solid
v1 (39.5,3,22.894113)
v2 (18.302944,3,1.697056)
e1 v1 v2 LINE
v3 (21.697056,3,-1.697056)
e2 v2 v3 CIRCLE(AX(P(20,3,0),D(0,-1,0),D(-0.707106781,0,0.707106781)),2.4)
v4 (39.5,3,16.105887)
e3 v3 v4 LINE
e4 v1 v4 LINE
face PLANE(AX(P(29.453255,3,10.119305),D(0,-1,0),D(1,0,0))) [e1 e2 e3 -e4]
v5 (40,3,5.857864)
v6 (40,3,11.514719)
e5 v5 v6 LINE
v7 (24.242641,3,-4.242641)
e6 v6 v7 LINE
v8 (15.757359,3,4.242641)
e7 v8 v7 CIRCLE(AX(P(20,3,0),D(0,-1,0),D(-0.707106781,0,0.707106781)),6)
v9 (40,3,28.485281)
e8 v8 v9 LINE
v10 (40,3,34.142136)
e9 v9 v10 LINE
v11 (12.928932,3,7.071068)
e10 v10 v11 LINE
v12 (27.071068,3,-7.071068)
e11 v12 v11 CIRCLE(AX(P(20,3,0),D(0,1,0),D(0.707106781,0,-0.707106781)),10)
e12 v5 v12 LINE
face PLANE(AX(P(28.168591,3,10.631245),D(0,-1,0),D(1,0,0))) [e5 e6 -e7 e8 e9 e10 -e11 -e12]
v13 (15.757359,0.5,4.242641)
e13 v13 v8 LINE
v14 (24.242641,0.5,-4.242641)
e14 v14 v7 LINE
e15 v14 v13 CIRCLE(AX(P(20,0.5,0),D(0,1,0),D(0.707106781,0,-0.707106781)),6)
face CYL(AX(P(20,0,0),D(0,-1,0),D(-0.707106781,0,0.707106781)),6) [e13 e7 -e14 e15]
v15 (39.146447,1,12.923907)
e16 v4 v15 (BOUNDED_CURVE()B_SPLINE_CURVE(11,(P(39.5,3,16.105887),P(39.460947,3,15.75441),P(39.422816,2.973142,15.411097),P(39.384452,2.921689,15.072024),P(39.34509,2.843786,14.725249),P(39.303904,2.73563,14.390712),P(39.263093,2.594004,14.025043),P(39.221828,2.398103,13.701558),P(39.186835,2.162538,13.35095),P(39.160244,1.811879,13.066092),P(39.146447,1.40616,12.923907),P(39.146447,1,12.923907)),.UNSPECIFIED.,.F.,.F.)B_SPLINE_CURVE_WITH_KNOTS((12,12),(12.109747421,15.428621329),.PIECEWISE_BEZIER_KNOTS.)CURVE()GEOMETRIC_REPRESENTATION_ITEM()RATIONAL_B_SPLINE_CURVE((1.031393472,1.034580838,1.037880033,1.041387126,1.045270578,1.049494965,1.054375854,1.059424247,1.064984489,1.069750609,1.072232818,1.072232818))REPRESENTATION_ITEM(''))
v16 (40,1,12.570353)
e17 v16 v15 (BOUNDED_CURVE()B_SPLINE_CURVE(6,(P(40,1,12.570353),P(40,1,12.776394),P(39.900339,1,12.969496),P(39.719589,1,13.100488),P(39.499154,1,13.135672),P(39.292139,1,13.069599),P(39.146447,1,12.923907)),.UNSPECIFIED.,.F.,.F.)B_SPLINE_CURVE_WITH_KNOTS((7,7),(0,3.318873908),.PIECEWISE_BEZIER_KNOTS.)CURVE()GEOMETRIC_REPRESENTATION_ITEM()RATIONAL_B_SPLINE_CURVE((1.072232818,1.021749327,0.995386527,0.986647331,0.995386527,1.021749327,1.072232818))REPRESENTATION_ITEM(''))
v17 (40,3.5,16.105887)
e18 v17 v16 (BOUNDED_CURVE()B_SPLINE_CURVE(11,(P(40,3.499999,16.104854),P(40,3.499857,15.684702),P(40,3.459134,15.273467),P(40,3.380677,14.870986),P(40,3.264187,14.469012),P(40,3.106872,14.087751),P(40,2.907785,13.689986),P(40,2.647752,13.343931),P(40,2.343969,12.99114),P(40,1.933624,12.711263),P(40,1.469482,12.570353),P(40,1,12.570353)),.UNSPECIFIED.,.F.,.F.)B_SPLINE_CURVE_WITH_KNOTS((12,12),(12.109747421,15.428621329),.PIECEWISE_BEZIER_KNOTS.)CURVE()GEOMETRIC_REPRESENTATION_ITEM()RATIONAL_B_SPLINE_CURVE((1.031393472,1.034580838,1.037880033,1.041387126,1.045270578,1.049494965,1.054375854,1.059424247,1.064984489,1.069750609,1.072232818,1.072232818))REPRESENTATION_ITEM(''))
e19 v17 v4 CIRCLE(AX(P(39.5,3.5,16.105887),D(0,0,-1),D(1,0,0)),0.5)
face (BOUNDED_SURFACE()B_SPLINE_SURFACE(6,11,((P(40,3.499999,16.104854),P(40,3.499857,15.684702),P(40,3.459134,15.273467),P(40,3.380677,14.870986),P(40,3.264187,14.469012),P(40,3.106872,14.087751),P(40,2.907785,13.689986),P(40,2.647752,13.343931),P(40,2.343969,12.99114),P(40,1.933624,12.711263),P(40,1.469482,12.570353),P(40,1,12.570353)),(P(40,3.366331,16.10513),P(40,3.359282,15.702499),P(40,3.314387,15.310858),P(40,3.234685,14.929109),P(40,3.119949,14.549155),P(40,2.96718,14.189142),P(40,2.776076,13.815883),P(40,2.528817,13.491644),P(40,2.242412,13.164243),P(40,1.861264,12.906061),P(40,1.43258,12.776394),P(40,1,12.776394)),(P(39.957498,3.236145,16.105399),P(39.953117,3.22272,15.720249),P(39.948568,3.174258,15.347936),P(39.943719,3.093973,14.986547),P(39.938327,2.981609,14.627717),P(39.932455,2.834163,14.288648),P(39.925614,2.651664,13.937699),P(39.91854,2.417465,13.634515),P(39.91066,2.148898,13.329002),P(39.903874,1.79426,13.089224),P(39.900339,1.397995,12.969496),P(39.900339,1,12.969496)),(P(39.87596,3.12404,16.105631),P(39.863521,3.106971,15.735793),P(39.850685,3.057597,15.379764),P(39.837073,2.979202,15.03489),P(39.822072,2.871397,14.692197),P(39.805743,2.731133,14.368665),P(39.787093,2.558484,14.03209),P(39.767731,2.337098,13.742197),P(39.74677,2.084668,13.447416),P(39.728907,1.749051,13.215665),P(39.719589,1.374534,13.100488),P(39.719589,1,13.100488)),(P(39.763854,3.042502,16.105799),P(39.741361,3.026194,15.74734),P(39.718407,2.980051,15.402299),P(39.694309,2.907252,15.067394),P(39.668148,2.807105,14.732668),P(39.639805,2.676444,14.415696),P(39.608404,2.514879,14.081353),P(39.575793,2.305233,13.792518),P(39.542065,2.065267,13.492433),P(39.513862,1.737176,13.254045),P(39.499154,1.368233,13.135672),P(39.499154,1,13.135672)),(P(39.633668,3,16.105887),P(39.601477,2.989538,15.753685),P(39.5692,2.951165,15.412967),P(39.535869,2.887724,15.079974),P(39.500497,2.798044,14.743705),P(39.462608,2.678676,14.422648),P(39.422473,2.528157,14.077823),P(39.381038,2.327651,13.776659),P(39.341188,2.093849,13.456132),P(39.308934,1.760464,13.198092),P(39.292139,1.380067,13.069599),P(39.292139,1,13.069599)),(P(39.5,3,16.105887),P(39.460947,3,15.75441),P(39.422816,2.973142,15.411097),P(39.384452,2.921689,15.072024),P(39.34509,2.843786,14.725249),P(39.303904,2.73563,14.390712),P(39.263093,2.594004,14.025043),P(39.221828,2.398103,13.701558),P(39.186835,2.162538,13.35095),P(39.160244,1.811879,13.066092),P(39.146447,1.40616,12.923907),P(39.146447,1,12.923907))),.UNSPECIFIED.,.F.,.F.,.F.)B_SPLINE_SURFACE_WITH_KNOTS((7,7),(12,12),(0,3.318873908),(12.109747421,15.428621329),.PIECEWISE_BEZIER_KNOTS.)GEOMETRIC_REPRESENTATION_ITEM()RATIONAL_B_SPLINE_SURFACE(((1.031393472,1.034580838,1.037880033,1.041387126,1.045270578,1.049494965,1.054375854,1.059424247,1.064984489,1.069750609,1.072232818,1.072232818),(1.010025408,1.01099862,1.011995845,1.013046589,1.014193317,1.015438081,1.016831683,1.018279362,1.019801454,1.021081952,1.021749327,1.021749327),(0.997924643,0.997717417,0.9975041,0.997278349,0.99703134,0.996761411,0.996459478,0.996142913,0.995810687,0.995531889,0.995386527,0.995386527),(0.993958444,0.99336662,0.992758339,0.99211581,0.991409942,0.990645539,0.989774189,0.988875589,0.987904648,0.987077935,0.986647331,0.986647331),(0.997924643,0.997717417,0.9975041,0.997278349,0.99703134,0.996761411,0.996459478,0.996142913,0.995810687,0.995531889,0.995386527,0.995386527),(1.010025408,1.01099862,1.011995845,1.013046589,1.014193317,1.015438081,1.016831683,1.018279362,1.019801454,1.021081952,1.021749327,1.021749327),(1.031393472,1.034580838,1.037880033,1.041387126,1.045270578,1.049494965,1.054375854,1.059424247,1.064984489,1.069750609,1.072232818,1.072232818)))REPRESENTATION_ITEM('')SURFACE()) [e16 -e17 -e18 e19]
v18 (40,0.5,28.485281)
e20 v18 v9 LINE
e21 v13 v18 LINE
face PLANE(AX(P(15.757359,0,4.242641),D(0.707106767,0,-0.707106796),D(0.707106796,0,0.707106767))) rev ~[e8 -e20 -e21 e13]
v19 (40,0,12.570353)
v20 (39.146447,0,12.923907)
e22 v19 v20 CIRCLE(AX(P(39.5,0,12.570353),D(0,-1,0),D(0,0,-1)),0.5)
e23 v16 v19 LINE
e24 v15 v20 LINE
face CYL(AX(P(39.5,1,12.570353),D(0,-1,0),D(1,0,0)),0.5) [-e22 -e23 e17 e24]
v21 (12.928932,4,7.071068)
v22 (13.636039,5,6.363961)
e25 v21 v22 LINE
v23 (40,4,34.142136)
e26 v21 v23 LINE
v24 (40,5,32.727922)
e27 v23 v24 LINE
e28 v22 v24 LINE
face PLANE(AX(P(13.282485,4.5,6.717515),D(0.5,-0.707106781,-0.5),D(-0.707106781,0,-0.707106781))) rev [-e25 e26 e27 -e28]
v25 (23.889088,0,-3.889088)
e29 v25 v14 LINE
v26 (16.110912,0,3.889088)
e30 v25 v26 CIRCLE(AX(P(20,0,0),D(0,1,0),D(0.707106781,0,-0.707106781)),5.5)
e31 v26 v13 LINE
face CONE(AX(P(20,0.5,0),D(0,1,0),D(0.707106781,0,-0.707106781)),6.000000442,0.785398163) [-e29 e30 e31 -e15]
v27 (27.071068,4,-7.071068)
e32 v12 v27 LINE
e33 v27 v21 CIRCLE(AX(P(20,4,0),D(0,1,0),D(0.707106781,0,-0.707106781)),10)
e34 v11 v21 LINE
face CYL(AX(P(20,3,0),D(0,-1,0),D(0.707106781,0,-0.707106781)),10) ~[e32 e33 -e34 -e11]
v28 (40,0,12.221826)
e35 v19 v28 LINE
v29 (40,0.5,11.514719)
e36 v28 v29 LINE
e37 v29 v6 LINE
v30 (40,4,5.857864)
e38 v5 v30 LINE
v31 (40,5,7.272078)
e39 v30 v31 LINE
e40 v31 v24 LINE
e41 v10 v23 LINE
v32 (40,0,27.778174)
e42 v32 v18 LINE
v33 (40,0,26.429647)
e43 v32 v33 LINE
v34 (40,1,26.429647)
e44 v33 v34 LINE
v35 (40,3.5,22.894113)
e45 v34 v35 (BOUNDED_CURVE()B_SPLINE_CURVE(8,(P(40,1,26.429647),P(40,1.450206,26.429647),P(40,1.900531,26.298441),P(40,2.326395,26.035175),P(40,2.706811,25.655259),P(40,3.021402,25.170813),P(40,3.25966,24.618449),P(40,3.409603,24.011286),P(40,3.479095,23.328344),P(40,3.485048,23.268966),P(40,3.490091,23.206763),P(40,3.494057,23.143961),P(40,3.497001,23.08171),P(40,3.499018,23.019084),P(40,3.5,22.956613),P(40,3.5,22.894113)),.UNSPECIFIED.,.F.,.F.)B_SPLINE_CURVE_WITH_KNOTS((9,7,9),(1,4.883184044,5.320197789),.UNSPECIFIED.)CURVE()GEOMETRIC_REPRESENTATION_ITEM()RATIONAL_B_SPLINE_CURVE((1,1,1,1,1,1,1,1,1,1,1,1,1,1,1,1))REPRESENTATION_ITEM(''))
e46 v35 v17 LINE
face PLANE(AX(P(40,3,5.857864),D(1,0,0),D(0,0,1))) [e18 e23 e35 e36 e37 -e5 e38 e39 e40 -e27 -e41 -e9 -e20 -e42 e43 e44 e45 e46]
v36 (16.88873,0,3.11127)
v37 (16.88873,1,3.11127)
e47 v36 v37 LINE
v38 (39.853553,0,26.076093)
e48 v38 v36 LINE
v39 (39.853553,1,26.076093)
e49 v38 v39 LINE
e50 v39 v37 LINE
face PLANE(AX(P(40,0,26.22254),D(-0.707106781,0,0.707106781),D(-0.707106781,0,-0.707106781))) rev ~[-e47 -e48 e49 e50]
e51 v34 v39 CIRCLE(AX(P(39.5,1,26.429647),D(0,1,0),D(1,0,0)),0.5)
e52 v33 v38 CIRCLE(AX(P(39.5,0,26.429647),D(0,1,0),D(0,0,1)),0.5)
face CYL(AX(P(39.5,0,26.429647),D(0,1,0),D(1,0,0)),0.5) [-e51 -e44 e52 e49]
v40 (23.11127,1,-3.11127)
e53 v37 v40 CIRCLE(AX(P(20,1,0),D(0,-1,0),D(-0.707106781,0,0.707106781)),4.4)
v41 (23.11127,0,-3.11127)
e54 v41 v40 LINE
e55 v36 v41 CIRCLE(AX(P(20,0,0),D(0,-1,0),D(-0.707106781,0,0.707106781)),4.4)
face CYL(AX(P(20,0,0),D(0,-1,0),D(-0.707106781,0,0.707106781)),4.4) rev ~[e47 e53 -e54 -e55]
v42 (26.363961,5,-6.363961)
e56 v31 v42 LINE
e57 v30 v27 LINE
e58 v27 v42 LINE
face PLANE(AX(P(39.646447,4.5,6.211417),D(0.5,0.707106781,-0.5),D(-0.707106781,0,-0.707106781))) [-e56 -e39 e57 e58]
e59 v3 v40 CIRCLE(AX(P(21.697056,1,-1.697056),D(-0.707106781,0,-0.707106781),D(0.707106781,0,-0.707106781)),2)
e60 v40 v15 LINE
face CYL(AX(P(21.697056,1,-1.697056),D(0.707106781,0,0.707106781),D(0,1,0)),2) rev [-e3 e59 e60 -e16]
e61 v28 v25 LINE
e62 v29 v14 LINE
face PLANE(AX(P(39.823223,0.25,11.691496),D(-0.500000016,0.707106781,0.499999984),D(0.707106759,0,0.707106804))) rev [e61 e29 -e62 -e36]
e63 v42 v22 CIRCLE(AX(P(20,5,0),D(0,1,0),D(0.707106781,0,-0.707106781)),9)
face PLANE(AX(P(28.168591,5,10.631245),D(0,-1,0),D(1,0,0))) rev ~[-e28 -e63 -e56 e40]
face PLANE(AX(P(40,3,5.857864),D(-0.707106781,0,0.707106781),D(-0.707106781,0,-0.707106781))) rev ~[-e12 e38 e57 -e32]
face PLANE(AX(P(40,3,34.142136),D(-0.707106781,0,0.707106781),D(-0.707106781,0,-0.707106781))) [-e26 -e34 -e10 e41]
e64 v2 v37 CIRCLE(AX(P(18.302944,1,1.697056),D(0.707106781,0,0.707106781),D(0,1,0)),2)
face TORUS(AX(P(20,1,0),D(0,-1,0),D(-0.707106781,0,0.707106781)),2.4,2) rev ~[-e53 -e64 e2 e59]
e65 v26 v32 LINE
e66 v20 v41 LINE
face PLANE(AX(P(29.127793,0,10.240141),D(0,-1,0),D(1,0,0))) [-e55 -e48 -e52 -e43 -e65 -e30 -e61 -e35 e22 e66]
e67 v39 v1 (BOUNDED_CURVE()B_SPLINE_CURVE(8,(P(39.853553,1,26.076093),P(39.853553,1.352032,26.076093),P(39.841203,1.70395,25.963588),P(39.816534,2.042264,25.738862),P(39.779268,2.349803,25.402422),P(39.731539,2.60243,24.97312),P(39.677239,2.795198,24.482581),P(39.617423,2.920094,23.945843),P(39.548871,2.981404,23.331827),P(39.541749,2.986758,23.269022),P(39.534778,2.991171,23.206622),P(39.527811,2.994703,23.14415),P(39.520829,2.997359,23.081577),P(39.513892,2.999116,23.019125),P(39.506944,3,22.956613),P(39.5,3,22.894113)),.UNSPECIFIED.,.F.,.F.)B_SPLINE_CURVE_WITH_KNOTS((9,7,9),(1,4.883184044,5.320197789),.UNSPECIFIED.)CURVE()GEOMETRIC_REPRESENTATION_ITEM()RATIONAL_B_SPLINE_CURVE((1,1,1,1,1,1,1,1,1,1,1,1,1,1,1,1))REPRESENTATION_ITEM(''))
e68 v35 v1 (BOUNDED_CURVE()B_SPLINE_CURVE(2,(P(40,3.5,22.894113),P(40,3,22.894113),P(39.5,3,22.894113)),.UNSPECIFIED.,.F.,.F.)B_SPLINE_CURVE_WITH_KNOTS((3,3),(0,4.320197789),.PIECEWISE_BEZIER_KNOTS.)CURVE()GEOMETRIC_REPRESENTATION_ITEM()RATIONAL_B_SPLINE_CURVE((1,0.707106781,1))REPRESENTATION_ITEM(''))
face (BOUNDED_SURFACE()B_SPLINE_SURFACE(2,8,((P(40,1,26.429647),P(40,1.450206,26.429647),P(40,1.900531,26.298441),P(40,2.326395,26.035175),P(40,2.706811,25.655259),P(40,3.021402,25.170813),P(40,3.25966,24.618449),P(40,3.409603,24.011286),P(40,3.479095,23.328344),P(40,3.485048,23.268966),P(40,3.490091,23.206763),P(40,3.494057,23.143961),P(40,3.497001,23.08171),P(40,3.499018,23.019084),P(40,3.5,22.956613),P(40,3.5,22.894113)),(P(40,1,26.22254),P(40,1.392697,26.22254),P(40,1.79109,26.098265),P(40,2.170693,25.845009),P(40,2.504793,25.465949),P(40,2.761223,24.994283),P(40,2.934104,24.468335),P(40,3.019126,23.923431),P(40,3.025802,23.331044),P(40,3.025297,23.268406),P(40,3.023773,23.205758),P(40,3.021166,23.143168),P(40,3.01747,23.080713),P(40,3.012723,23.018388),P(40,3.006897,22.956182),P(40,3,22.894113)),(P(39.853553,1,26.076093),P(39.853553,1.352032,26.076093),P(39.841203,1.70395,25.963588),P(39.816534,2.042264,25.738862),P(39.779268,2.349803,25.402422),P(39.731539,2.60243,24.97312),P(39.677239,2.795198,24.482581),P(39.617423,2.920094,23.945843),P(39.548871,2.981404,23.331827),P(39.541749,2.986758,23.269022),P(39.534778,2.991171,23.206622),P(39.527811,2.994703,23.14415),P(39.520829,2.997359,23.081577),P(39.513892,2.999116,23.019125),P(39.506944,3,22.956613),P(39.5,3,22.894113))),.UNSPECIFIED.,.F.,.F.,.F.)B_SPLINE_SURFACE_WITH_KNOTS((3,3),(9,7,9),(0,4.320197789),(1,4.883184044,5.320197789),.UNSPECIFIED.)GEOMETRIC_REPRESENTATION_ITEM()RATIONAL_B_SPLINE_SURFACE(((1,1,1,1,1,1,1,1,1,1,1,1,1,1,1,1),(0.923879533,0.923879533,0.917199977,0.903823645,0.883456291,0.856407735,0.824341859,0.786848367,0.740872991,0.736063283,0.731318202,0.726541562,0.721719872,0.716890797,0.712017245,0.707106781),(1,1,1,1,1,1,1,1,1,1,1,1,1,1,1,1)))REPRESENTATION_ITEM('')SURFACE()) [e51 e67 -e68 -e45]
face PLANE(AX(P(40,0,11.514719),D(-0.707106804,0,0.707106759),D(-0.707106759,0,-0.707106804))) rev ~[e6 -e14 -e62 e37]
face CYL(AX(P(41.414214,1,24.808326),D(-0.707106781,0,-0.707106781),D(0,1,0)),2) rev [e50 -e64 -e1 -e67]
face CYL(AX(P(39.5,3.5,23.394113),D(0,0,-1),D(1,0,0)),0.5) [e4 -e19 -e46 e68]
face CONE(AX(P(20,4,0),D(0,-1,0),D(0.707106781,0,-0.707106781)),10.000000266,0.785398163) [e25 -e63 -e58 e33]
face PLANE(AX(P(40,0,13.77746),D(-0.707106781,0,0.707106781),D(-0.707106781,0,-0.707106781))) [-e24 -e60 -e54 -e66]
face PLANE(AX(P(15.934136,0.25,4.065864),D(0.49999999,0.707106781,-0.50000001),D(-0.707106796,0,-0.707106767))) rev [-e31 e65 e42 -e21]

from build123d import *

# Parameters (mm, degrees)
PAD020_DEPTH    = 3
PAD021_DEPTH    = 2
CHAMFER028_SIZE = 1
POCKET031_DEPTH = 3
FILLET021_R     = 2
CHAMFER030_SIZE = 0.5
FILLET022_R     = 0.5


with BuildPart() as part:
    # Sketch055 → Pad020 (new body)
    with BuildSketch(Plane.XZ):
        with BuildLine():
            ThreePointArc((15.757359, 4.242641), (15.757359, -4.242641), (24.242641, -4.242641))
            Line((40, 11.514719), (24.242641, -4.242641))
            Line((40, 28.485281), (40, 11.514719))
            Line((15.757359, 4.242641), (40, 28.485281))
        make_face()
    extrude(amount=-PAD020_DEPTH)

    # Sketch056 (on Face6 of Pad020) → Pad021 (join)
    with BuildSketch(Plane(origin=(0, 3, 0), x_dir=(-1, 0, 0), z_dir=(0, 1, 0))):
        with BuildLine():
            Line((-40, 5.857864), (-40, 34.142136))
            Line((-40, 34.142136), (-12.928932, 7.071068))
            ThreePointArc((-27.071068, -7.071068), (-12.928932, -7.071068), (-12.928932, 7.071068))
            Line((-40, 5.857864), (-27.071068, -7.071068))
        make_face()
    extrude(amount=PAD021_DEPTH)

    # Chamfer028
    chamfer028_edges = [part.edges().sort_by_distance(p)[0] for p in [
        (33.535534, 5, -0.606602),
    ]]
    chamfer(chamfer028_edges, length=CHAMFER028_SIZE)

    # Sketch057 (on Face10 of Chamfer028) → Pocket031 (cut)
    with BuildSketch(Plane.XZ):
        with BuildLine():
            Line((40, 26.22254), (16.88873, 3.11127))
            ThreePointArc((16.88873, 3.11127), (16.88873, -3.11127), (23.11127, -3.11127))
            Line((40, 13.77746), (23.11127, -3.11127))
            Line((40, 26.22254), (40, 13.77746))
        make_face()
    extrude(amount=-POCKET031_DEPTH, mode=Mode.SUBTRACT)

    # Fillet021
    fillet021_edges = [part.edges().sort_by_distance(p)[0] for p in [
        (28.444365, 3, 14.666905),
    ]]
    fillet(fillet021_edges, radius=FILLET021_R)

    # Chamfer030
    chamfer030_edges = [part.edges().sort_by_distance(p)[0] for p in [
        (27.87868, 0, 16.363961),
    ]]
    chamfer(chamfer030_edges, length=CHAMFER030_SIZE)

    # Fillet022
    fillet022_edges = [part.edges().sort_by_distance(p)[0] for p in [
        (40, 0.5, 26.22254),
    ]]
    fillet(fillet022_edges, radius=FILLET022_R)


solid = part.part
